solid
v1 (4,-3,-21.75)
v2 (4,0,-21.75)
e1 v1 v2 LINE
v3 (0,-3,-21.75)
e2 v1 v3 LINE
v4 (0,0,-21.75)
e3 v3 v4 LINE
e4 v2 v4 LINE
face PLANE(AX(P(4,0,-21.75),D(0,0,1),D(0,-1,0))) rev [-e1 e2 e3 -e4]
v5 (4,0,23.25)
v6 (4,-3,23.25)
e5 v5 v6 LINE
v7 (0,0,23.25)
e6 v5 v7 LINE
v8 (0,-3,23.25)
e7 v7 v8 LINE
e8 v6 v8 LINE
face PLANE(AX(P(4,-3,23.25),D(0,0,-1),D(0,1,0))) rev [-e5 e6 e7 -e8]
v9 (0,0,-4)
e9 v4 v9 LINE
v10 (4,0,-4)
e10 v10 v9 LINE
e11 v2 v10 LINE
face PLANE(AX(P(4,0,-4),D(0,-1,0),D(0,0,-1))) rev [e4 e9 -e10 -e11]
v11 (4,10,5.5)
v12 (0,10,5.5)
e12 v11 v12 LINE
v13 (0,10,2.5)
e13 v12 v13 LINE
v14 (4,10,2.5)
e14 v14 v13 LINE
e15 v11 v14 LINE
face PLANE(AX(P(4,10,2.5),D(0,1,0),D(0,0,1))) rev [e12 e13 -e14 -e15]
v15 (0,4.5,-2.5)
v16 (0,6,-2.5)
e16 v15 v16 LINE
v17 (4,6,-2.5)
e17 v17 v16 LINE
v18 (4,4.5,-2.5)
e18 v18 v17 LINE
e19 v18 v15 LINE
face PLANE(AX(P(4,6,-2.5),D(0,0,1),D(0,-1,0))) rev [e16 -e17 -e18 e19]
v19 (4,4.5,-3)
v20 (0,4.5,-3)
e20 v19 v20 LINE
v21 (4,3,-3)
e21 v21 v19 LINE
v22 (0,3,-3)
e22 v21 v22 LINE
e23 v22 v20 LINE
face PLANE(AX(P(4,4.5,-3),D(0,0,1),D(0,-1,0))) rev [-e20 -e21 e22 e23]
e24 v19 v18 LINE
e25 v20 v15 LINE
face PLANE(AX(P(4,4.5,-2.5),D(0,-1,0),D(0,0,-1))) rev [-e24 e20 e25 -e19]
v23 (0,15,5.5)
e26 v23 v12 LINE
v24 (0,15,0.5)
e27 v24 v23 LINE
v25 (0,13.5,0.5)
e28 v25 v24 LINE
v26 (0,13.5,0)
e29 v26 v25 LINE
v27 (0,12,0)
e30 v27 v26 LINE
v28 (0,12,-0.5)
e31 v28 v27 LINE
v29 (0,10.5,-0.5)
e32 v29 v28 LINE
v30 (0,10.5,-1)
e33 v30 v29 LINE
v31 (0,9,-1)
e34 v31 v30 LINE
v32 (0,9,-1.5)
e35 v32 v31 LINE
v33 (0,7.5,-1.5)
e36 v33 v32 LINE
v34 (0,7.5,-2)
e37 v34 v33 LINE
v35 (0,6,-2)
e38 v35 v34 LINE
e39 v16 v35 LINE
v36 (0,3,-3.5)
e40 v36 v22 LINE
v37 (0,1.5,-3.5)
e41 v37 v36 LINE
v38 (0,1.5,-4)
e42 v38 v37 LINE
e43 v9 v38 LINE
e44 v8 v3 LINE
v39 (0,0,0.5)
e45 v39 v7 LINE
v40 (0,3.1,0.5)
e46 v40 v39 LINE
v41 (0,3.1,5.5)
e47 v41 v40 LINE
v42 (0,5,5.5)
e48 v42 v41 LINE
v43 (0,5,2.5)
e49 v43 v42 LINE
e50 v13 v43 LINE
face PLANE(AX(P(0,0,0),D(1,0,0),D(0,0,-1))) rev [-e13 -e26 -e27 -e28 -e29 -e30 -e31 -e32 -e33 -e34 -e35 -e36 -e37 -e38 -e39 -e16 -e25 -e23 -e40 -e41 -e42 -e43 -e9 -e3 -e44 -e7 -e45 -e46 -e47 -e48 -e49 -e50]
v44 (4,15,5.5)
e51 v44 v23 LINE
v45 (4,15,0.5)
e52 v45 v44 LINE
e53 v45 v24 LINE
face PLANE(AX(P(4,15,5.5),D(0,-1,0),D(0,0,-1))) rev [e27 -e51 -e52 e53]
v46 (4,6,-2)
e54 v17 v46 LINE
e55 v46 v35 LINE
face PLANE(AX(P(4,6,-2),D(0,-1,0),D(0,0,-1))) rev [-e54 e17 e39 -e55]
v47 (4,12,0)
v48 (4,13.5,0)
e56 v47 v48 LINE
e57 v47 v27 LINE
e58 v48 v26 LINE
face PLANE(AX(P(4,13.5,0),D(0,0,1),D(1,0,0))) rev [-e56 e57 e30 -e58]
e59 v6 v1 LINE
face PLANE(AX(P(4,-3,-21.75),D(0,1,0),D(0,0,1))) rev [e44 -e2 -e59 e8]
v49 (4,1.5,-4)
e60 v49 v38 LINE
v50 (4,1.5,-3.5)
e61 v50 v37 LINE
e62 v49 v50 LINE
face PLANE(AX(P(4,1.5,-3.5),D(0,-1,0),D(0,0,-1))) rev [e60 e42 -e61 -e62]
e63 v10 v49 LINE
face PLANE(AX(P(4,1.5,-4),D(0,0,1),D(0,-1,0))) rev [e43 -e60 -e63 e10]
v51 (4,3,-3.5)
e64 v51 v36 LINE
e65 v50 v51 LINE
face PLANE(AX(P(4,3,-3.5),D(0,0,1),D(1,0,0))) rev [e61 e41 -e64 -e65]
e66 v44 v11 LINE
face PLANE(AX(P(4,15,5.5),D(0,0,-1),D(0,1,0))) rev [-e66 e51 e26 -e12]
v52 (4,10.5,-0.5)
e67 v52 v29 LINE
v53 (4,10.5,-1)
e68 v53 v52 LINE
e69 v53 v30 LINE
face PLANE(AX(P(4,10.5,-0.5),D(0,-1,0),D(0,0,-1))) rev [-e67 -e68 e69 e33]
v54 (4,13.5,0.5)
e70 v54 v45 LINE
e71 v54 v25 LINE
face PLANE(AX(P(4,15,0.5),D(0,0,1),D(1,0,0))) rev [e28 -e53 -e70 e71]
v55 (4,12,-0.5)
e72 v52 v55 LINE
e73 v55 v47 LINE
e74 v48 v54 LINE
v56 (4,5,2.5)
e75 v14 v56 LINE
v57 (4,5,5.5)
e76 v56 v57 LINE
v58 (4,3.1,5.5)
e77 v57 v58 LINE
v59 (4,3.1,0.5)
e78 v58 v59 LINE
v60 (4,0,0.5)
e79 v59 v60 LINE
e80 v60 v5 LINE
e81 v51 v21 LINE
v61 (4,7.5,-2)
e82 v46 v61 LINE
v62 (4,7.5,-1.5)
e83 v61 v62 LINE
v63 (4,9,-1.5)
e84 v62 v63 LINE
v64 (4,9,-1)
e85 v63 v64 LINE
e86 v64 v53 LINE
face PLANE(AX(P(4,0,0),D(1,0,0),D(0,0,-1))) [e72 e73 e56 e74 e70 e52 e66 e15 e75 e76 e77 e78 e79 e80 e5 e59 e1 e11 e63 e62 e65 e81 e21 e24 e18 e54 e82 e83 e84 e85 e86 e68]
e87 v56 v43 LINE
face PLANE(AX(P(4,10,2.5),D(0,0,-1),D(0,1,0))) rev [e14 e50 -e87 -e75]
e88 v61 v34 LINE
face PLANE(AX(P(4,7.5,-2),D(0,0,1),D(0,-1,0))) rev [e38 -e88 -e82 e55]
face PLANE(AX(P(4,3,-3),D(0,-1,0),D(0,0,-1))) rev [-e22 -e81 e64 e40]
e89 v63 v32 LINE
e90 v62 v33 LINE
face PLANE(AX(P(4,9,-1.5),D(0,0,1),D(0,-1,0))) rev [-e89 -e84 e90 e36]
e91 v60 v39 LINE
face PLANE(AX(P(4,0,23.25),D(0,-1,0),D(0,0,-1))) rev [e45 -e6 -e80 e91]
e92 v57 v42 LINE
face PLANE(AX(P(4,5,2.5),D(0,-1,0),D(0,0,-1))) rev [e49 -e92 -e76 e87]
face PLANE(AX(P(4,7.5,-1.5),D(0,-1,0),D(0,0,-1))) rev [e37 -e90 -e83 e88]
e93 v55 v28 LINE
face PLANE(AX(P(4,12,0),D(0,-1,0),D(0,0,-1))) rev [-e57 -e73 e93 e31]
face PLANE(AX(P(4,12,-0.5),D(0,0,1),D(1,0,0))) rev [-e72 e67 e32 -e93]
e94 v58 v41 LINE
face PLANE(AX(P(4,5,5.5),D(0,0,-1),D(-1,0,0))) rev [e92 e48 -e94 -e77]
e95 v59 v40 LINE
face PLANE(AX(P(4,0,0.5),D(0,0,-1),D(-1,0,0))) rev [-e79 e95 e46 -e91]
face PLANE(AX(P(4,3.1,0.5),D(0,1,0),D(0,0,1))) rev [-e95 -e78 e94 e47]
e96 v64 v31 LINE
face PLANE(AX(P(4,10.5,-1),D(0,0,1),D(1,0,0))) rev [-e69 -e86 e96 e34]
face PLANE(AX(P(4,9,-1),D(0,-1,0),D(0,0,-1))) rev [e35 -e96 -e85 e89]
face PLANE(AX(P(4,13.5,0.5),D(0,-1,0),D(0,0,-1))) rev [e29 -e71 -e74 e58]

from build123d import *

# Parameters (mm, degrees)
BOSS_EXTRUDE1_DEPTH = 4


with BuildPart() as part:
    # Sketch1 → Boss-Extrude1 (new body)
    with BuildSketch(Plane(origin=(0, 0, 0), x_dir=(0, 0, -1), z_dir=(1, 0, 0))):
        Polygon((4, 0), (21.75, 0), (21.75, -3), (-23.25, -3), (-23.25, 0), (-5.5, 0), (-0.5, 0), (-0.5, 3.1), (-5.5, 3.1), (-5.5, 5), (-2.5, 5), (-2.5, 10), (-5.5, 10), (-5.5, 15), (-0.5, 15), (-0.5, 13.5), (0, 13.5), (0, 12), (0.5, 12), (0.5, 10.5), (1, 10.5), (1, 9), (1.5, 9), (1.5, 7.5), (2, 7.5), (2, 6), (2.5, 6), (2.5, 4.5), (3, 4.5), (3, 3), (3.5, 3), (3.5, 1.5), (4, 1.5), align=None)
    extrude(amount=BOSS_EXTRUDE1_DEPTH)


solid = part.part
